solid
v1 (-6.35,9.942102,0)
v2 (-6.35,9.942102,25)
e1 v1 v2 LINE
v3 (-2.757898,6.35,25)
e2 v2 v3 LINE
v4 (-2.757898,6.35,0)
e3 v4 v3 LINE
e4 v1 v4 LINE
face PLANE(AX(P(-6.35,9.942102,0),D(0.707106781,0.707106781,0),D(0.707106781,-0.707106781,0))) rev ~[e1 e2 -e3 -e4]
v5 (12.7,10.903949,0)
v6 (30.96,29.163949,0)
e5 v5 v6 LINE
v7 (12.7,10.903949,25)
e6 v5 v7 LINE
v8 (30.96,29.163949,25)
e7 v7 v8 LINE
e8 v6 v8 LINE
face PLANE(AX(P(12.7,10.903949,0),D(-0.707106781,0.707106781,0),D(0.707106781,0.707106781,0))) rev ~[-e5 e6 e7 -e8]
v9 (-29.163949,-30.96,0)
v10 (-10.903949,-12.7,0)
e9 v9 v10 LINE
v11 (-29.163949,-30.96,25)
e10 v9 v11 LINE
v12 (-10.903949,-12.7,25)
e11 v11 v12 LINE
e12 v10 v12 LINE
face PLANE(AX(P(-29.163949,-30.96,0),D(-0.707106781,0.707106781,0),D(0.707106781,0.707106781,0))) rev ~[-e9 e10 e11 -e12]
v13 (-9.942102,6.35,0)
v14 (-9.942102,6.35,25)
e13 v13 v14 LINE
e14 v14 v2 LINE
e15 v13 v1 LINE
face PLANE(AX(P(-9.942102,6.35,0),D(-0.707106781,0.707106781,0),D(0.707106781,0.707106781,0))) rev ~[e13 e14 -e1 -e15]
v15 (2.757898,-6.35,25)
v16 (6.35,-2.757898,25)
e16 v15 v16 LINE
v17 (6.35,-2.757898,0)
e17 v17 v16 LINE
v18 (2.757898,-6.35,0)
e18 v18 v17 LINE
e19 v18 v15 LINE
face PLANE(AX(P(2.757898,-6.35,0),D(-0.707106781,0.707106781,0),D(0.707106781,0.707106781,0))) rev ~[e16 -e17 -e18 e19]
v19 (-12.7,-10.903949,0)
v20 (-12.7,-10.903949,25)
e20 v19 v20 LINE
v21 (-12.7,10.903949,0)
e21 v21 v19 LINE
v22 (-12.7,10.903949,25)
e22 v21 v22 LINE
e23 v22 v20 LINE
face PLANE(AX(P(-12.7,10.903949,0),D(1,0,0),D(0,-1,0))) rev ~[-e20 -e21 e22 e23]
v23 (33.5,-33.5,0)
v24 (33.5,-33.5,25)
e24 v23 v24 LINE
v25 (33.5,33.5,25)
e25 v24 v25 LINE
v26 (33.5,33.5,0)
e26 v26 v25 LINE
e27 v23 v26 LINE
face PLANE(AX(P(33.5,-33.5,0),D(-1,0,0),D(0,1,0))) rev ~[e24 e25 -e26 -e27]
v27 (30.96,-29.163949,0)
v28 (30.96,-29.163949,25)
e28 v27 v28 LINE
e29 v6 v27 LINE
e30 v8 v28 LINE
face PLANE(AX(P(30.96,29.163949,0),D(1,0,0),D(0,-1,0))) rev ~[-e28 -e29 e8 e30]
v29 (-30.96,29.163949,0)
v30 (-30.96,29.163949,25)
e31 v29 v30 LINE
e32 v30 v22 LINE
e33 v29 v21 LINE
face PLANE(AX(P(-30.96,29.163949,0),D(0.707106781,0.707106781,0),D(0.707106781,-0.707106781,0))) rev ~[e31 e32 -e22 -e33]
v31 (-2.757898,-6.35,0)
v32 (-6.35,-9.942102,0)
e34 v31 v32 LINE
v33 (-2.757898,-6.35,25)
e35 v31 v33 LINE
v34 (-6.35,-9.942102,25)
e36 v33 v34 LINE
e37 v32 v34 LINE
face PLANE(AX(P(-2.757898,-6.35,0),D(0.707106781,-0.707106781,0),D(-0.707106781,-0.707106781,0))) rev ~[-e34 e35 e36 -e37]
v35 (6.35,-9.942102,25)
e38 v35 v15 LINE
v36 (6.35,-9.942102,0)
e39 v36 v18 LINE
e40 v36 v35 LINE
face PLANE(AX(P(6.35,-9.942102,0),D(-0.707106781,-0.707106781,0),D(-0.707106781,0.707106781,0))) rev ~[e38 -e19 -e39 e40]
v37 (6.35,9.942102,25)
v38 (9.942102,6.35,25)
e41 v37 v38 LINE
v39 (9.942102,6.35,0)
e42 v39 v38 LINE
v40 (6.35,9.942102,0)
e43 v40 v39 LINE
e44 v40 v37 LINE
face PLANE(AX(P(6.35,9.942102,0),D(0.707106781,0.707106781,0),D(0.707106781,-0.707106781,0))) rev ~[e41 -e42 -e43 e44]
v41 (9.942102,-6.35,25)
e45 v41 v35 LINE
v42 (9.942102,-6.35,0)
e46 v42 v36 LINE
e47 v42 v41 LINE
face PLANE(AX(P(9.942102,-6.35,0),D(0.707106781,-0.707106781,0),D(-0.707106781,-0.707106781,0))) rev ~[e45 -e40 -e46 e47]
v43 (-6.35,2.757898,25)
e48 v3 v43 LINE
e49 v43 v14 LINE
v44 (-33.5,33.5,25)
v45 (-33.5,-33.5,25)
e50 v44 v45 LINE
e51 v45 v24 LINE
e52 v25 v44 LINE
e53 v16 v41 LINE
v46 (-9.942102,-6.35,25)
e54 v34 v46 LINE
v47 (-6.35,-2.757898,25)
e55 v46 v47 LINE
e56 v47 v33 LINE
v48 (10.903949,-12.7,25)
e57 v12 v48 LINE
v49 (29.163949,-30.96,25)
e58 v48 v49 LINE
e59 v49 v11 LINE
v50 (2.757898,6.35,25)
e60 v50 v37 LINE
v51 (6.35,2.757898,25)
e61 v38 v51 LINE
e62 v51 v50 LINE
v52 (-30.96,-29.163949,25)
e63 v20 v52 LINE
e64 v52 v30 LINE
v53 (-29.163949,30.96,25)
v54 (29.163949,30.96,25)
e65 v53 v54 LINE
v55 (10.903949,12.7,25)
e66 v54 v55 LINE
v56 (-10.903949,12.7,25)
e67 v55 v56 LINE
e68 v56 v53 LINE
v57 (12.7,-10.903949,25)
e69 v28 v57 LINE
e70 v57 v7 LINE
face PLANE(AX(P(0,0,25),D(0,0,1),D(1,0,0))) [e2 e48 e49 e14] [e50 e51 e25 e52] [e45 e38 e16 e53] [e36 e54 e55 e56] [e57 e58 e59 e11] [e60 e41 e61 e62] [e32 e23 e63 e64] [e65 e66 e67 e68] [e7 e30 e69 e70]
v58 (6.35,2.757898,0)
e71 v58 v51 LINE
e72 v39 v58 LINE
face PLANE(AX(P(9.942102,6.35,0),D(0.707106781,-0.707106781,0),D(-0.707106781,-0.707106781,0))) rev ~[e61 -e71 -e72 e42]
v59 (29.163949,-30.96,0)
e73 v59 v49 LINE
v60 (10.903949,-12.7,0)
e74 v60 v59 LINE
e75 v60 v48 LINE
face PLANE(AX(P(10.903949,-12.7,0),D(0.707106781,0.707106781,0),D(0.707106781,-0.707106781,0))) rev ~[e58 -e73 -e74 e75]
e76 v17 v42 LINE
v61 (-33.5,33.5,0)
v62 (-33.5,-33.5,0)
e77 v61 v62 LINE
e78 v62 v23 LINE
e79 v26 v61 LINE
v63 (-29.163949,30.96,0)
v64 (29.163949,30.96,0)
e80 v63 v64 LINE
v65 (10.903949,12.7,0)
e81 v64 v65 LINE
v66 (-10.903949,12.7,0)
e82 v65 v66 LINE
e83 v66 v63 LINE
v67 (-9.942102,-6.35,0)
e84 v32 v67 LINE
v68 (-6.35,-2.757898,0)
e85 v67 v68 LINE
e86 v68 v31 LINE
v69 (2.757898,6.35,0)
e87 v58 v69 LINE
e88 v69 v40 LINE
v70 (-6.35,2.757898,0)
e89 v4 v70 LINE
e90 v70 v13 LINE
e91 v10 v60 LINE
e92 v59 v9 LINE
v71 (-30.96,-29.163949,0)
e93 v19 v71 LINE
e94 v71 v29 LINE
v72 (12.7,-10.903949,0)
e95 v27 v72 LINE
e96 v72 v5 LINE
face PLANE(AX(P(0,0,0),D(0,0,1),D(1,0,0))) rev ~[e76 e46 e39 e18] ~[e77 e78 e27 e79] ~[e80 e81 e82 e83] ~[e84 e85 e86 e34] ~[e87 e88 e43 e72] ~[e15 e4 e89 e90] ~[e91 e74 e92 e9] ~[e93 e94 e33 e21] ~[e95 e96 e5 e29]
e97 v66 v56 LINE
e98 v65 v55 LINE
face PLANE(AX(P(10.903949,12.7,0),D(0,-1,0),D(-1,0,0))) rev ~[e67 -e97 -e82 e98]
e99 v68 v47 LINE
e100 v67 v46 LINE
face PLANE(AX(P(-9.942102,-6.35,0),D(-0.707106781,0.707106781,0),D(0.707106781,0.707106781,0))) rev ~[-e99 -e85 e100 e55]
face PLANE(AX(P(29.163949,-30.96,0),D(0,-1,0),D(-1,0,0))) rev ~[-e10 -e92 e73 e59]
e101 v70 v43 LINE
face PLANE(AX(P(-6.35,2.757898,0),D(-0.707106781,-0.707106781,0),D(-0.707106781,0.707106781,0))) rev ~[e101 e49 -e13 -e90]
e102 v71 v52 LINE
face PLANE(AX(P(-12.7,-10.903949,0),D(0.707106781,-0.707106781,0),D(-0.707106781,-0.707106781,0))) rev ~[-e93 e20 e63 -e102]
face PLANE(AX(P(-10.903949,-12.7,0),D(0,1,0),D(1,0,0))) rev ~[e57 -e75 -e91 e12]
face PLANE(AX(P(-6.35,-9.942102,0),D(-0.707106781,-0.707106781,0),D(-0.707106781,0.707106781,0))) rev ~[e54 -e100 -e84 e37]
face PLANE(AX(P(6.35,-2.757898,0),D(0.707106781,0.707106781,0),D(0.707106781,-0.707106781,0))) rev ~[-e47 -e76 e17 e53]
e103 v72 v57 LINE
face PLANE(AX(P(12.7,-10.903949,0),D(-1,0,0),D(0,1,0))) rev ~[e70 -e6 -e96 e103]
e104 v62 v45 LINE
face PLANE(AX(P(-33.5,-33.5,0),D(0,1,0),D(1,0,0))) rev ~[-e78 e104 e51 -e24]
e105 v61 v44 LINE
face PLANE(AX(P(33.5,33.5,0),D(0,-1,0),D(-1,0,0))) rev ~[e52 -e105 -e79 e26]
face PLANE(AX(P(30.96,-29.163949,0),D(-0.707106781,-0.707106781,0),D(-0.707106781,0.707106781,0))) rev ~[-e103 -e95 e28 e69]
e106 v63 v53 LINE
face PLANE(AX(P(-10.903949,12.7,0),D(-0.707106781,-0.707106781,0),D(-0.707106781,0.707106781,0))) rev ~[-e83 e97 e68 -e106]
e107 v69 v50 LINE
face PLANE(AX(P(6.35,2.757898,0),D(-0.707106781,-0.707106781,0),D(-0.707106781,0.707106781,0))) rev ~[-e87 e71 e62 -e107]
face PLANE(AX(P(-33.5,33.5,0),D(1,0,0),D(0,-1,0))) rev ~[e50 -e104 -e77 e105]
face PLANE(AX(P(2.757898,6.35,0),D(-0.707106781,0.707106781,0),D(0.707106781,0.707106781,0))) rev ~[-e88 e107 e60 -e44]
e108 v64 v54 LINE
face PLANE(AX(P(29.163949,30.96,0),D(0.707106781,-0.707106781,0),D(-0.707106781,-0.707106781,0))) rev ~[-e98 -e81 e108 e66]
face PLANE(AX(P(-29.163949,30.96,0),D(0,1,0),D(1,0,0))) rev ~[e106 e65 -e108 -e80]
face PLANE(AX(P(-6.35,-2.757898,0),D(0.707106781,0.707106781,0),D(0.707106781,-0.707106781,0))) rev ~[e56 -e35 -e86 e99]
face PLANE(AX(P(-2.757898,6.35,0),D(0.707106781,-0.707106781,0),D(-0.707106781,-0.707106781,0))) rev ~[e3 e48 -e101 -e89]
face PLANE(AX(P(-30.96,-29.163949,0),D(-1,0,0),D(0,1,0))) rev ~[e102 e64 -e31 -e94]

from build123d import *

# Parameters (mm, degrees)
F1_DEPTH = 25


with BuildPart() as f1:
    # F0 (on Top) → F1 (new body)
    with BuildSketch(Plane.XY):
        Polygon((33.5, 33.5), (0, 33.5), (-33.5, 33.5), (-33.5, 0), (-33.5, -33.5), (0, -33.5), (33.5, -33.5), (33.5, 0), align=None)
        Polygon((-6.35, -2.757898), (-2.757898, -6.35), (-6.35, -9.942102), (-9.942102, -6.35), align=None, mode=Mode.SUBTRACT)
        Polygon((29.163949, -30.96), (0, -30.96), (-29.163949, -30.96), (-10.903949, -12.7), (0, -12.7), (10.903949, -12.7), align=None, mode=Mode.SUBTRACT)
        Polygon((9.942102, -6.35), (6.35, -9.942102), (2.757898, -6.35), (6.35, -2.757898), align=None, mode=Mode.SUBTRACT)
        Polygon((-30.96, -29.163949), (-30.96, 0), (-30.96, 29.163949), (-12.7, 10.903949), (-12.7, 0), (-12.7, -10.903949), align=None, mode=Mode.SUBTRACT)
        Polygon((-6.35, 2.757898), (-9.942102, 6.35), (-6.35, 9.942102), (-2.757898, 6.35), align=None, mode=Mode.SUBTRACT)
        Polygon((2.757898, 6.35), (6.35, 9.942102), (9.942102, 6.35), (6.35, 2.757898), align=None, mode=Mode.SUBTRACT)
        Polygon((12.7, -10.903949), (12.7, 0), (12.7, 10.903949), (30.96, 29.163949), (30.96, 0), (30.96, -29.163949), align=None, mode=Mode.SUBTRACT)
        Polygon((10.903949, 12.7), (0, 12.7), (-10.903949, 12.7), (-29.163949, 30.96), (0, 30.96), (29.163949, 30.96), align=None, mode=Mode.SUBTRACT)
    extrude(amount=F1_DEPTH)


solid = f1.part
